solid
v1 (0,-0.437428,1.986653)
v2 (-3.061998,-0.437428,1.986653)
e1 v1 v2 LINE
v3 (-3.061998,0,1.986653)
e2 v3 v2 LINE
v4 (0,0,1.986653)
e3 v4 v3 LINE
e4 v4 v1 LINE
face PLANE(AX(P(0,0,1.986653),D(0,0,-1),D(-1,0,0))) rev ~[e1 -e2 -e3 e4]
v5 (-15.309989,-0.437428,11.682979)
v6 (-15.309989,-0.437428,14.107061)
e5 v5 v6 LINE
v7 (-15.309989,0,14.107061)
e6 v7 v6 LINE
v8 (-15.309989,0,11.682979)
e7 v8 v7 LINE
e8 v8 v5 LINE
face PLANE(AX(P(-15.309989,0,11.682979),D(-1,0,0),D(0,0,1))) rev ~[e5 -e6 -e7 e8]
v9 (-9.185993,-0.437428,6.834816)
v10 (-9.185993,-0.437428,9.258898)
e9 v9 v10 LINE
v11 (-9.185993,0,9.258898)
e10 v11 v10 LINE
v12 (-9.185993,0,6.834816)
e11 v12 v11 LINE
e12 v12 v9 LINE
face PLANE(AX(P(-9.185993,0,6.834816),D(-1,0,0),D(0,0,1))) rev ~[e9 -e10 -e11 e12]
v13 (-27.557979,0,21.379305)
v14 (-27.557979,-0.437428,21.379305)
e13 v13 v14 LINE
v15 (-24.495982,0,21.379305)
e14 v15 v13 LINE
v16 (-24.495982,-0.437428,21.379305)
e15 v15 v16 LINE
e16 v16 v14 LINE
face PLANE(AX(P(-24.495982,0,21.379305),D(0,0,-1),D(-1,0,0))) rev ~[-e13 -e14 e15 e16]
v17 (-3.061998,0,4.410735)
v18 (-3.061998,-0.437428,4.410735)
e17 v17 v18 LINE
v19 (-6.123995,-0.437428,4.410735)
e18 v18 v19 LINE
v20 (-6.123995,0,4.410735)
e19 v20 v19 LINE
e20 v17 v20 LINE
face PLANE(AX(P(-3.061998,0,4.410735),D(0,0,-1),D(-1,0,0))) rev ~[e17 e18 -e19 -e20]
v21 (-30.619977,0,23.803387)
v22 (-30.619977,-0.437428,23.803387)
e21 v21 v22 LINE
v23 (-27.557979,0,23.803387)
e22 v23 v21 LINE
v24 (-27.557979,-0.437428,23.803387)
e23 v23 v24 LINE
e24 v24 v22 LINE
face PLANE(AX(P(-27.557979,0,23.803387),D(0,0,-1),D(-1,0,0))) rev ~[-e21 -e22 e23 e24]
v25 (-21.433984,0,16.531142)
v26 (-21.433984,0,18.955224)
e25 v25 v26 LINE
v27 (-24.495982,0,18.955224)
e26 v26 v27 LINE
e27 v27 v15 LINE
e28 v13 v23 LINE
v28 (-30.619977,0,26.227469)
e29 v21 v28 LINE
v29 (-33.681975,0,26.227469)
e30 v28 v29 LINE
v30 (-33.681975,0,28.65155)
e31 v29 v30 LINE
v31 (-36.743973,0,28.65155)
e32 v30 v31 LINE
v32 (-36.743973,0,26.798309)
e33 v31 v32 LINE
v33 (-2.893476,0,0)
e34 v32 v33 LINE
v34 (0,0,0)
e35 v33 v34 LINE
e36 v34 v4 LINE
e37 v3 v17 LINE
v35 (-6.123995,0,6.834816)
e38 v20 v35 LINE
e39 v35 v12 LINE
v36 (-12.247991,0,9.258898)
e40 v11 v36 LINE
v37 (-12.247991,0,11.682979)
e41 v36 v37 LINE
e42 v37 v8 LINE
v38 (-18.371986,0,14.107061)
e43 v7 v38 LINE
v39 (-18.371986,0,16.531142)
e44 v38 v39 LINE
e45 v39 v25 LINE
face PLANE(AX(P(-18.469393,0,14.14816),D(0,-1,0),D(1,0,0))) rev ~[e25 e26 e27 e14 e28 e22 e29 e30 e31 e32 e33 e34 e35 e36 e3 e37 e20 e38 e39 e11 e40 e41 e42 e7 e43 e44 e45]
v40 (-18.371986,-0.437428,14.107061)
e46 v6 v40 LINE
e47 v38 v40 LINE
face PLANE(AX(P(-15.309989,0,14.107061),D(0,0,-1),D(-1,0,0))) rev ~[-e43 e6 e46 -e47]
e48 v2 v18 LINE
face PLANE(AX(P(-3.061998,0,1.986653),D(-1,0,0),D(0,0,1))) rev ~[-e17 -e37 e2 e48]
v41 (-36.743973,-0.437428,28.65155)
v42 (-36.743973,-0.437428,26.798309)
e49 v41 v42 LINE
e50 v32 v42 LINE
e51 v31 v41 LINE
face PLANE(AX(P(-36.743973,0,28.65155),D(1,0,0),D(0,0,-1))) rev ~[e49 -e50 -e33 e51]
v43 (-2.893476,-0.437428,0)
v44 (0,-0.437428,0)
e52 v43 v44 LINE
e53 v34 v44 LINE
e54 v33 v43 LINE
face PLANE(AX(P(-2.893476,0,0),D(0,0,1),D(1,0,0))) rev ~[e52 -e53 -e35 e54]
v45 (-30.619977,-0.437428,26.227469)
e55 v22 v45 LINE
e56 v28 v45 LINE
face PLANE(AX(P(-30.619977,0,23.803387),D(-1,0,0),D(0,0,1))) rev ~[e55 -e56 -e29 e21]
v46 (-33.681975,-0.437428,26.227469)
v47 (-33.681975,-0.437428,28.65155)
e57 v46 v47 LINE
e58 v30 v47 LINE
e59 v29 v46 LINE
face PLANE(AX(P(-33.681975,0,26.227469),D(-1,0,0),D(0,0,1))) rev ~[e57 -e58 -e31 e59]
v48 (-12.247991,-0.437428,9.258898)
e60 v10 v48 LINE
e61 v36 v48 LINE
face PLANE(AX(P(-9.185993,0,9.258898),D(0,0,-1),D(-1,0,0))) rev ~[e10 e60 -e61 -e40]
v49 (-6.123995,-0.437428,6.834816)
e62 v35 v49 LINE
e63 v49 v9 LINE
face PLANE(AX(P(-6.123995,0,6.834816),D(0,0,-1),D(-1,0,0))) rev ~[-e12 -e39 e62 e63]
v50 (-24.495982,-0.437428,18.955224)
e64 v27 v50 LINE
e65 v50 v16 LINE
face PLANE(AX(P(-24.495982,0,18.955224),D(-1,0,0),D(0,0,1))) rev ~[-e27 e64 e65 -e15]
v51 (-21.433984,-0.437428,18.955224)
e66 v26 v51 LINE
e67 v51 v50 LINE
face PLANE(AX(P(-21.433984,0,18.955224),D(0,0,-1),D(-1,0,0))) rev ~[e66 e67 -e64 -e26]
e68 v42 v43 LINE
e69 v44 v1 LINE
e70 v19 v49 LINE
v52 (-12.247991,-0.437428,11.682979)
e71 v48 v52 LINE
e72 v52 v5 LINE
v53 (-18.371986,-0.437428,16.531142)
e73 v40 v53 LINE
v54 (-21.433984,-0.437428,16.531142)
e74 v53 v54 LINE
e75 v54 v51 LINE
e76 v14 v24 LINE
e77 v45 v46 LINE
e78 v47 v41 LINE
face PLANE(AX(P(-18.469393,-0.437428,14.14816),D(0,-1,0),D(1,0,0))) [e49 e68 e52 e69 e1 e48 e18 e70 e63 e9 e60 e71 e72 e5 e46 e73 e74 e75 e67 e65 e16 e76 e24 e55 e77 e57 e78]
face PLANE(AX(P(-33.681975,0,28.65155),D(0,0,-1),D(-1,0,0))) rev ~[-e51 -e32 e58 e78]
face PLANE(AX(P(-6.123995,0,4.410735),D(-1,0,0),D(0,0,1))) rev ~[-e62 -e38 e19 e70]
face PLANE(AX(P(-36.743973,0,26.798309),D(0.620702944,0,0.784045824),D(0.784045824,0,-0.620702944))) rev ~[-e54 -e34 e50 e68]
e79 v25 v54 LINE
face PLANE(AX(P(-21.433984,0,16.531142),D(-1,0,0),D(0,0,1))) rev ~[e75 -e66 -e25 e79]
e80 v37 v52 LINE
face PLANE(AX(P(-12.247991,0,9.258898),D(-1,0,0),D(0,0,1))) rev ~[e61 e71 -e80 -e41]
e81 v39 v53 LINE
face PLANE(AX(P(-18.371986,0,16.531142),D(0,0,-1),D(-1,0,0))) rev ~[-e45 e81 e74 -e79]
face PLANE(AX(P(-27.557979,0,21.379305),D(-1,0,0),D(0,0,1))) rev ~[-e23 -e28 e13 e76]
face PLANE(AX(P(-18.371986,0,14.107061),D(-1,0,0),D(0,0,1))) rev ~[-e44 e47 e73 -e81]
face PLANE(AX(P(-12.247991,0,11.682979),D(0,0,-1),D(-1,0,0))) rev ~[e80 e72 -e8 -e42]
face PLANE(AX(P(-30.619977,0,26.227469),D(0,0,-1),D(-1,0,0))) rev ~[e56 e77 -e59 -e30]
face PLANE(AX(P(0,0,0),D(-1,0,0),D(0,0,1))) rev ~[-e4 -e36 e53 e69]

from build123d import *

# Parameters (mm, degrees)
F1_DEPTH = 38.1
F2_SCALE = 0.0114810563


with BuildPart() as f1:
    # F0 (on Front) → F1 (new body)
    with BuildSketch(Plane.XZ):
        Polygon((-252.0217957232, 0), (0, 0), (0, 173.0375), (-266.7, 173.0375), (-266.7, 384.175), (-533.4, 384.175), (-533.4, 595.3125), (-800.1, 595.3125), (-800.1, 806.45), (-1066.8, 806.45), (-1066.8, 1017.5875), (-1333.5, 1017.5875), (-1333.5, 1228.725), (-1600.2, 1228.725), (-1600.2, 1439.8625), (-1866.9, 1439.8625), (-1866.9, 1651), (-2133.6, 1651), (-2133.6, 1862.1375), (-2400.3, 1862.1375), (-2400.3, 2073.275), (-2667, 2073.275), (-2667, 2284.4125), (-2933.7, 2284.4125), (-2933.7, 2495.55), (-3200.4, 2495.55), (-3200.4, 2334.1327450525), align=None)
    extrude(amount=F1_DEPTH)


with BuildPart() as f1_1:
    # F2: moved
    add(f1.part.scale(F2_SCALE))


solid = f1_1.part
